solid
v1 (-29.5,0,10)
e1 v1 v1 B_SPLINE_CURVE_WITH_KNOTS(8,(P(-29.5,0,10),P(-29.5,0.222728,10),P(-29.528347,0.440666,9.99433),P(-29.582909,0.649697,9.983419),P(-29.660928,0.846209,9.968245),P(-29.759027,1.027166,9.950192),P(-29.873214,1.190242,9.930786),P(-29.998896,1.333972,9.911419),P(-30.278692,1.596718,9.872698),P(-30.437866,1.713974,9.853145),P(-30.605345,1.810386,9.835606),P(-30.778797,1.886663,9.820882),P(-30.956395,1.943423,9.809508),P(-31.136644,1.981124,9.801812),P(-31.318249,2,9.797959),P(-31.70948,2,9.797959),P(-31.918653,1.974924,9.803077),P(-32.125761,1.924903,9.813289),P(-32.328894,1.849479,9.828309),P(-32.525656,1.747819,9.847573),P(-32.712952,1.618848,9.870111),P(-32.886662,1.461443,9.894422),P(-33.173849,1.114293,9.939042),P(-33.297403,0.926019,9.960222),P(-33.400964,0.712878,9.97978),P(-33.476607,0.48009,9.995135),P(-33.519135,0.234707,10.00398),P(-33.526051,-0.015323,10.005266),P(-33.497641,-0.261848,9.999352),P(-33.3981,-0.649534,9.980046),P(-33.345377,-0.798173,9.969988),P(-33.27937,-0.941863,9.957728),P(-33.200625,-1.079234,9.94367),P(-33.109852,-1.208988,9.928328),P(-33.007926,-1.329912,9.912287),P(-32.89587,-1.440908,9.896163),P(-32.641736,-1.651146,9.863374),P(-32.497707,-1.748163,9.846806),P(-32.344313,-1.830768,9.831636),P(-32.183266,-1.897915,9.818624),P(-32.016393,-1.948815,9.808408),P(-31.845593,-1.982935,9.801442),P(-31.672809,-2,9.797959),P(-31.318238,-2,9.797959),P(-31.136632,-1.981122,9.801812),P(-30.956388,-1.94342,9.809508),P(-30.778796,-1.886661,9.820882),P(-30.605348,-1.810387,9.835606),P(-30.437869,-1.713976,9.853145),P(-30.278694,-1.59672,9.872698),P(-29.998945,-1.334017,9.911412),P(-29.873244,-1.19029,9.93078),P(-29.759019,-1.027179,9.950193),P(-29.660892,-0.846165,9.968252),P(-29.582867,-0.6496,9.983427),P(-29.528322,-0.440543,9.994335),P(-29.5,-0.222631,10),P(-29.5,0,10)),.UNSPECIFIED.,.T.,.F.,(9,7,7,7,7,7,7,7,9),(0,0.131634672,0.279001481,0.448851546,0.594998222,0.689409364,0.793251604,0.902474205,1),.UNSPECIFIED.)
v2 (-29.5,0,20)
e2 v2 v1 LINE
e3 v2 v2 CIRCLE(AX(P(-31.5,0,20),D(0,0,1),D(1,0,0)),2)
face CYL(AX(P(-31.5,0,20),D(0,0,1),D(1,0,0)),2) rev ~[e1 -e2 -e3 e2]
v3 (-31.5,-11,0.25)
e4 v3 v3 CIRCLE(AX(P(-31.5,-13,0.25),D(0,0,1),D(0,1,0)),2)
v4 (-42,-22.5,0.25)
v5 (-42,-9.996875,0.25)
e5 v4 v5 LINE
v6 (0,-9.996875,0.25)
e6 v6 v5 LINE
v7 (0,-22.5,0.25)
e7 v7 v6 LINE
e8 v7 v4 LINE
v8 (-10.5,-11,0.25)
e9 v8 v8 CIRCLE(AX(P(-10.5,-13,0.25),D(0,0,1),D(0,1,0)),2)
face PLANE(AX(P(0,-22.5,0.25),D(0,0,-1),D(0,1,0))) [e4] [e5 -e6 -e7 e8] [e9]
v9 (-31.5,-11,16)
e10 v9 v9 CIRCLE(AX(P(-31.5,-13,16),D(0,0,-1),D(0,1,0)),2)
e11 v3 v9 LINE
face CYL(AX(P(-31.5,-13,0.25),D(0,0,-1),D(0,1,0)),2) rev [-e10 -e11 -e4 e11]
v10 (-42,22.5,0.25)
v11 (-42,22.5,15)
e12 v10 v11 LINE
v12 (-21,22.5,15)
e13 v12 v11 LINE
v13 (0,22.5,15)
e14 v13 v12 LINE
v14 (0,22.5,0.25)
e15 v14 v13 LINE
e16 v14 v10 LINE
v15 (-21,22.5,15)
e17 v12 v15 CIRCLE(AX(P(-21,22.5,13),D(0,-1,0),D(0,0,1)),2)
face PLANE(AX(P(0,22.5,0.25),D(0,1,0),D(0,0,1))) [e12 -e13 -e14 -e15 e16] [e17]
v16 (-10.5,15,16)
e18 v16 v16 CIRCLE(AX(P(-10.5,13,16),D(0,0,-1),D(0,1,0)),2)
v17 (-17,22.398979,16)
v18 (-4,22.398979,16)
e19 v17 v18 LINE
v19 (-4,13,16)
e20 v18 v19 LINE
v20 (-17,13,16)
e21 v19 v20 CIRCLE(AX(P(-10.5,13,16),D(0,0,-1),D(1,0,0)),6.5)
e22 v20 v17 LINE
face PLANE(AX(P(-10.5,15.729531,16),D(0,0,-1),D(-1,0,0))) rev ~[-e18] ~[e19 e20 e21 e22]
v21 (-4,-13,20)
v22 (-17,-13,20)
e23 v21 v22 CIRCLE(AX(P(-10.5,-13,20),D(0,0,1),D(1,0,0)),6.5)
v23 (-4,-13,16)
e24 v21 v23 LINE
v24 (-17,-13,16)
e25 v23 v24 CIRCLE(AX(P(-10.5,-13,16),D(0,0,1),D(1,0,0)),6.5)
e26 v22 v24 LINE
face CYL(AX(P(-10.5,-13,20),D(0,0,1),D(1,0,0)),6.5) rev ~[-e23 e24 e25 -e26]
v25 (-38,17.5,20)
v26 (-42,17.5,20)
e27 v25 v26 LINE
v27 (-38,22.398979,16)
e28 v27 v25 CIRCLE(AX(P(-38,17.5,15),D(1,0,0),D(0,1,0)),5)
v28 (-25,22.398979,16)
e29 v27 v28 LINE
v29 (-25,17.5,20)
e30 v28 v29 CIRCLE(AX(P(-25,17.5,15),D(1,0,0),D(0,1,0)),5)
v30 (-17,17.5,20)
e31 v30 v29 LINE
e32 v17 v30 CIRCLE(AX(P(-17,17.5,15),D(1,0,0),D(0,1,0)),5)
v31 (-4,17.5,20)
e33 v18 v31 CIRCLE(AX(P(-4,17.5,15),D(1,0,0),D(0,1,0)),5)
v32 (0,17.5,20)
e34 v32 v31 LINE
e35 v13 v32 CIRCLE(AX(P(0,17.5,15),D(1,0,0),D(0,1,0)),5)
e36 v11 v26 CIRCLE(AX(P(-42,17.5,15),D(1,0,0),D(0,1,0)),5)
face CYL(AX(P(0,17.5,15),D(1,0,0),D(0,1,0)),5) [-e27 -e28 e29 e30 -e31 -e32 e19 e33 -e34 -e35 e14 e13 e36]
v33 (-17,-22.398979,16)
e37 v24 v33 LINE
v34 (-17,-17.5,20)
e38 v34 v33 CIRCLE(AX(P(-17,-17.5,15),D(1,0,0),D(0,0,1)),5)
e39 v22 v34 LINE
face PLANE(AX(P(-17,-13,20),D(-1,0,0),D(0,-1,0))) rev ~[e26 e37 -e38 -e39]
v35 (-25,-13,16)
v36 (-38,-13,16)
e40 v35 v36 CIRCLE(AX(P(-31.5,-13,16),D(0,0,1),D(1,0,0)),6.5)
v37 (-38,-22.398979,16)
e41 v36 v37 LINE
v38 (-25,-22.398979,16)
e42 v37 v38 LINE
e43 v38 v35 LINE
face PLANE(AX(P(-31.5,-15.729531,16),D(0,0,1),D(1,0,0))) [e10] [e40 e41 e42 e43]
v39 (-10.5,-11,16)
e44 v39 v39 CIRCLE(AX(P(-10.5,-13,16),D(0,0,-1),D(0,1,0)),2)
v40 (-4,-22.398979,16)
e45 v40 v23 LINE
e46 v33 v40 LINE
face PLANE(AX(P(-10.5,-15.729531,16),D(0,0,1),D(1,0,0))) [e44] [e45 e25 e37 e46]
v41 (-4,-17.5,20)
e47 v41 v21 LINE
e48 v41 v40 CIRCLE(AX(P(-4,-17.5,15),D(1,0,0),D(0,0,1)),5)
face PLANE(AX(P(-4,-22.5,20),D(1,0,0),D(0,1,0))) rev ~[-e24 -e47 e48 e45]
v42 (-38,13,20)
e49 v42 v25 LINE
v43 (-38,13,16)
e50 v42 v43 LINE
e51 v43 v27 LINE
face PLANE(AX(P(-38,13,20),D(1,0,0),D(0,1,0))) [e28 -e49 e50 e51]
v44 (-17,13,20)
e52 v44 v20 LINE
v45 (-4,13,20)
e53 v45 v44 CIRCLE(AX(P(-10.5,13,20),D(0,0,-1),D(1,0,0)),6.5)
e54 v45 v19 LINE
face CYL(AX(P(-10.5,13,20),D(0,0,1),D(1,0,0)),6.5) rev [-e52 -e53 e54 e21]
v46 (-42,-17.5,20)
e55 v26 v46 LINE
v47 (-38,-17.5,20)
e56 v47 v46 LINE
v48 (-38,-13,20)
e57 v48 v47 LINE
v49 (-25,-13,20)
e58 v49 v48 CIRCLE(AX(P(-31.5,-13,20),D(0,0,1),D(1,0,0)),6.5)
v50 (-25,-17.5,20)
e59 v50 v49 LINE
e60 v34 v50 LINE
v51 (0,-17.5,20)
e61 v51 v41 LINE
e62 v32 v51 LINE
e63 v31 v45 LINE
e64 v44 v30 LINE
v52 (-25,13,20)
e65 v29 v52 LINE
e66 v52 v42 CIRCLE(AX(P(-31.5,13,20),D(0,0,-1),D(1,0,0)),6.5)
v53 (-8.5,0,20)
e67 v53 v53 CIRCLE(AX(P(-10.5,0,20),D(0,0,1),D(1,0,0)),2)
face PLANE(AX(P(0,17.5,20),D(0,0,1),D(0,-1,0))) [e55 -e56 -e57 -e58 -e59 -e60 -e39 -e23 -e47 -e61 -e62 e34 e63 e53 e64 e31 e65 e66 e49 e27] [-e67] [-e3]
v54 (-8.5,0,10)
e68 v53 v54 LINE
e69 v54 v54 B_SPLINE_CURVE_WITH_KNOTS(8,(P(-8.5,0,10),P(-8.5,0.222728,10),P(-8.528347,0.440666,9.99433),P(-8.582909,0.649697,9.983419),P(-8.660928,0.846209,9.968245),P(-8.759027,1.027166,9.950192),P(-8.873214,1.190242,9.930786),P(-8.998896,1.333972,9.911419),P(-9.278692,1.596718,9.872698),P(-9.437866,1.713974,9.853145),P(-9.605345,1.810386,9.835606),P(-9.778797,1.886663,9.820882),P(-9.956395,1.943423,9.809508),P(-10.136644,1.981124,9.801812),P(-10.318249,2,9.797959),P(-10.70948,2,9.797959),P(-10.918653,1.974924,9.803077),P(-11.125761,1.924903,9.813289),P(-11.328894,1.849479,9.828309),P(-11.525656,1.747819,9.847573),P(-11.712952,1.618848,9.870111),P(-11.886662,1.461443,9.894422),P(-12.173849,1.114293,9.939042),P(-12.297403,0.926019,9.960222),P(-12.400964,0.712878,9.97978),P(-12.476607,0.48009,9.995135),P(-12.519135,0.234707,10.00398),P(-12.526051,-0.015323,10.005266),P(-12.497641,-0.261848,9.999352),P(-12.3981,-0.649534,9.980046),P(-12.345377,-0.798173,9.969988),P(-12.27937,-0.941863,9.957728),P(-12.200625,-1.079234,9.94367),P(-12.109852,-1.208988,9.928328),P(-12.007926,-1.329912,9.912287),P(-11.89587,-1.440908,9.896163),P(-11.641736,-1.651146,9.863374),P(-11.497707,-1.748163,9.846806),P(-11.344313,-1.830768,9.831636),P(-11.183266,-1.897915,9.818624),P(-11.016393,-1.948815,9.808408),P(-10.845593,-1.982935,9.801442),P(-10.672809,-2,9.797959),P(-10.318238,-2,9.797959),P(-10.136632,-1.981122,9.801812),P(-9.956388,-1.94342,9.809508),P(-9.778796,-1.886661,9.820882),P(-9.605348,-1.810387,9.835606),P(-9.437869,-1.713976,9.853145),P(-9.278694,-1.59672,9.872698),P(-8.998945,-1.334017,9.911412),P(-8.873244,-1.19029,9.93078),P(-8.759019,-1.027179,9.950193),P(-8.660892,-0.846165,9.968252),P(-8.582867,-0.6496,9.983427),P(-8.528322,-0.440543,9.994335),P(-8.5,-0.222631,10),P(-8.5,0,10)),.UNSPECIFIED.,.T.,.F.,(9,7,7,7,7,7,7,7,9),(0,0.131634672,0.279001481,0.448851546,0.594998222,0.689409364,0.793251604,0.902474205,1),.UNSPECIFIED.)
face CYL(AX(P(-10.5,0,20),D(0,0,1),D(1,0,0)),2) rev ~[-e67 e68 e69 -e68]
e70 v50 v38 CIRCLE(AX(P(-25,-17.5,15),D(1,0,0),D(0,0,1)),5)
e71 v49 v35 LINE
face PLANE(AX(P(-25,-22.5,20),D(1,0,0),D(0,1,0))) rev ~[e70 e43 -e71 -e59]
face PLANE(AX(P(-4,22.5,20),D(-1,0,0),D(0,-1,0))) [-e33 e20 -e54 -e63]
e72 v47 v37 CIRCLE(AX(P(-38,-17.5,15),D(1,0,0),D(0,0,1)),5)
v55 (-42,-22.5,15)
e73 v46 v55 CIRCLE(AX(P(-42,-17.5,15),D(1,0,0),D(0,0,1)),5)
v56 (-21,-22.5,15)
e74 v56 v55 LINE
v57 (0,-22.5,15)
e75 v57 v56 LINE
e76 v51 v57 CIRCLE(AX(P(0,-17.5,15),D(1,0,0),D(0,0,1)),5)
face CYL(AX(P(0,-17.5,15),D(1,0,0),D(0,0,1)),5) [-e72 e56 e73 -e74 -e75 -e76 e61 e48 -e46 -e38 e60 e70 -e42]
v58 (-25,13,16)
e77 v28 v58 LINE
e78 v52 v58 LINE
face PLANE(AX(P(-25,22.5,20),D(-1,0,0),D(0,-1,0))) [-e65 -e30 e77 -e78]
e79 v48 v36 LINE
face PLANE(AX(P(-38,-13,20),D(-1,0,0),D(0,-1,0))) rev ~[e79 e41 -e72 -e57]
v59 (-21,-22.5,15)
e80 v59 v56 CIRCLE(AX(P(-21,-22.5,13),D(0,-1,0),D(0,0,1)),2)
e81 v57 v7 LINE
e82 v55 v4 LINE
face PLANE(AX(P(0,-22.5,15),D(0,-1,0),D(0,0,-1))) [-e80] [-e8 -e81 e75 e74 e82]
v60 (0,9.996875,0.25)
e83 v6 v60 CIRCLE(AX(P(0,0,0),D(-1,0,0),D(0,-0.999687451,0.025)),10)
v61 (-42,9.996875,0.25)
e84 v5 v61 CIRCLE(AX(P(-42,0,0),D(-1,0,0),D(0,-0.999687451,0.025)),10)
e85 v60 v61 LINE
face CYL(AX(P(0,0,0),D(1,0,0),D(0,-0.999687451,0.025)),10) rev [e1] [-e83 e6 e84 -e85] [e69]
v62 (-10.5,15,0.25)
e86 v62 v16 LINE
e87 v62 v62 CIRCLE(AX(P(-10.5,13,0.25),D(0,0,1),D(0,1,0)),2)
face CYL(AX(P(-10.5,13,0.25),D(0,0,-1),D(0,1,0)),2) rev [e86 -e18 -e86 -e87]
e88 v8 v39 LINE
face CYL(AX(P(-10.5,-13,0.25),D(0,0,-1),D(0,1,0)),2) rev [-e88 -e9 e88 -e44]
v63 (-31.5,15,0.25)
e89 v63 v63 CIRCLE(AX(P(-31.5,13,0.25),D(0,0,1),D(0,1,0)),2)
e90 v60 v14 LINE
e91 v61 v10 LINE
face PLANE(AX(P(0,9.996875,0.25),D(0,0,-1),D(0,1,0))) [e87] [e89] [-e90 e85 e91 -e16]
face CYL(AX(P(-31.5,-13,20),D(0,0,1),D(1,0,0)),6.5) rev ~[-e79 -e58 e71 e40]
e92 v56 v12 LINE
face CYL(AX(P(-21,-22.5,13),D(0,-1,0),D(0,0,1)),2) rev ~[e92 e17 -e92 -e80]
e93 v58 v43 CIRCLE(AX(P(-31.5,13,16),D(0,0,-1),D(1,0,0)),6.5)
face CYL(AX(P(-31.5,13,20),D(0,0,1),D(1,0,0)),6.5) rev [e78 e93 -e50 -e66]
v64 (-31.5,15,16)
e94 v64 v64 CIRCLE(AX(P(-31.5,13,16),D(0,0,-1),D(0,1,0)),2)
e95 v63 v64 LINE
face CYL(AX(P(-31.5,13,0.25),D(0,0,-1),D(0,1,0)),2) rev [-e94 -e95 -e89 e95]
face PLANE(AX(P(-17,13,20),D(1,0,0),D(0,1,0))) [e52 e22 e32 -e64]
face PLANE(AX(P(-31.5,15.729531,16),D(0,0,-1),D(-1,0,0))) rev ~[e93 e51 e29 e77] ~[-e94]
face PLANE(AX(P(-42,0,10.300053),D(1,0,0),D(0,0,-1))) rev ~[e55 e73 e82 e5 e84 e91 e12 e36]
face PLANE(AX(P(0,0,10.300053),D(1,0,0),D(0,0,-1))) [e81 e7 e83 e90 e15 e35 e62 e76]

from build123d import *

# Parameters (mm, degrees)
BOSS_EXTRUDE1_DEPTH = 42
SKETCH2_R           = 2
CUT_EXTRUDE2_DEPTH  = 52.578217301
CUT_EXTRUDE3_DEPTH  = 4
SKETCH4_R           = 2
CUT_EXTRUDE4_DEPTH  = 52.578217301
SKETCH5_R           = 2
CUT_EXTRUDE5_DEPTH  = 65.722484597


with BuildPart() as part:
    # Sketch1 → Boss-Extrude1 (new body)
    with BuildSketch(Plane(origin=(0, 0, 0), x_dir=(0, 0, -1), z_dir=(1, 0, 0))):
        with BuildLine():
            Line((-0.25, 9.996874512), (-0.25, 22.5))
            Line((-0.25, 22.5), (-15, 22.5))
            ThreePointArc((-15, 22.5), (-18.535533906, 21.035533906), (-20, 17.5))
            Line((-20, 17.5), (-20, -17.5))
            ThreePointArc((-20, -17.5), (-18.535533906, -21.035533906), (-15, -22.5))
            Line((-15, -22.5), (-0.25, -22.5))
            Line((-0.25, -22.5), (-0.25, -9.996874512))
            ThreePointArc((-0.25, -9.996874512), (-10, 0), (-0.25, 9.996874512))
        make_face()
    extrude(amount=-BOSS_EXTRUDE1_DEPTH)

    # Sketch2 → Cut-Extrude2 (cut, through all)
    with BuildSketch(Plane.XY.offset(0.25)):
        with Locations(Location((-10.5, 13, 0), (0, 0, 90))):
            Circle(SKETCH2_R)
        with Locations(Location((-31.5, 13, 0), (0, 0, 90))):
            Circle(SKETCH2_R)
        with Locations(Location((-31.5, -13, 0), (0, 0, 90))):
            Circle(SKETCH2_R)
        with Locations(Location((-10.5, -13, 0), (0, 0, 90))):
            Circle(SKETCH2_R)
    extrude(amount=CUT_EXTRUDE2_DEPTH, mode=Mode.SUBTRACT)

    # Sketch3 → Cut-Extrude3 (cut)
    with BuildSketch(Plane.XY.offset(20)):
        with BuildLine():
            Line((-38, 13), (-38, 22.5))
            Line((-38, 22.5), (-25, 22.5))
            Line((-25, 22.5), (-25, 13))
            ThreePointArc((-25, 13), (-31.5, 6.5), (-38, 13))
        make_face()
        with BuildLine():
            Line((-17, 13), (-17, 22.5))
            Line((-17, 22.5), (-4, 22.5))
            Line((-4, 22.5), (-4, 13))
            ThreePointArc((-4, 13), (-10.5, 6.5), (-17, 13))
        make_face()
        with BuildLine():
            Line((-4, -22.5), (-4, -13))
            ThreePointArc((-4, -13), (-10.5, -6.5), (-17, -13))
            Line((-17, -13), (-17, -22.5))
            Line((-17, -22.5), (-4, -22.5))
        make_face()
        with BuildLine():
            Line((-25, -22.5), (-25, -13))
            ThreePointArc((-25, -13), (-31.5, -6.5), (-38, -13))
            Line((-38, -13), (-38, -22.5))
            Line((-38, -22.5), (-25, -22.5))
        make_face()
    extrude(amount=-CUT_EXTRUDE3_DEPTH, mode=Mode.SUBTRACT)

    # Sketch4 → Cut-Extrude4 (cut, through all)
    with BuildSketch(Plane.XY.offset(20)):
        with Locations((-10.5, 0)):
            Circle(SKETCH4_R)
        with Locations((-31.5, 0)):
            Circle(SKETCH4_R)
    extrude(amount=-CUT_EXTRUDE4_DEPTH, mode=Mode.SUBTRACT)

    # Sketch5 → Cut-Extrude5 (cut, through all)
    with BuildSketch(Plane.XZ.offset(22.5)):
        with Locations(Location((-21, 13, 0), (0, 0, 90))):
            Circle(SKETCH5_R)
    extrude(amount=-CUT_EXTRUDE5_DEPTH, mode=Mode.SUBTRACT)


solid = part.part
